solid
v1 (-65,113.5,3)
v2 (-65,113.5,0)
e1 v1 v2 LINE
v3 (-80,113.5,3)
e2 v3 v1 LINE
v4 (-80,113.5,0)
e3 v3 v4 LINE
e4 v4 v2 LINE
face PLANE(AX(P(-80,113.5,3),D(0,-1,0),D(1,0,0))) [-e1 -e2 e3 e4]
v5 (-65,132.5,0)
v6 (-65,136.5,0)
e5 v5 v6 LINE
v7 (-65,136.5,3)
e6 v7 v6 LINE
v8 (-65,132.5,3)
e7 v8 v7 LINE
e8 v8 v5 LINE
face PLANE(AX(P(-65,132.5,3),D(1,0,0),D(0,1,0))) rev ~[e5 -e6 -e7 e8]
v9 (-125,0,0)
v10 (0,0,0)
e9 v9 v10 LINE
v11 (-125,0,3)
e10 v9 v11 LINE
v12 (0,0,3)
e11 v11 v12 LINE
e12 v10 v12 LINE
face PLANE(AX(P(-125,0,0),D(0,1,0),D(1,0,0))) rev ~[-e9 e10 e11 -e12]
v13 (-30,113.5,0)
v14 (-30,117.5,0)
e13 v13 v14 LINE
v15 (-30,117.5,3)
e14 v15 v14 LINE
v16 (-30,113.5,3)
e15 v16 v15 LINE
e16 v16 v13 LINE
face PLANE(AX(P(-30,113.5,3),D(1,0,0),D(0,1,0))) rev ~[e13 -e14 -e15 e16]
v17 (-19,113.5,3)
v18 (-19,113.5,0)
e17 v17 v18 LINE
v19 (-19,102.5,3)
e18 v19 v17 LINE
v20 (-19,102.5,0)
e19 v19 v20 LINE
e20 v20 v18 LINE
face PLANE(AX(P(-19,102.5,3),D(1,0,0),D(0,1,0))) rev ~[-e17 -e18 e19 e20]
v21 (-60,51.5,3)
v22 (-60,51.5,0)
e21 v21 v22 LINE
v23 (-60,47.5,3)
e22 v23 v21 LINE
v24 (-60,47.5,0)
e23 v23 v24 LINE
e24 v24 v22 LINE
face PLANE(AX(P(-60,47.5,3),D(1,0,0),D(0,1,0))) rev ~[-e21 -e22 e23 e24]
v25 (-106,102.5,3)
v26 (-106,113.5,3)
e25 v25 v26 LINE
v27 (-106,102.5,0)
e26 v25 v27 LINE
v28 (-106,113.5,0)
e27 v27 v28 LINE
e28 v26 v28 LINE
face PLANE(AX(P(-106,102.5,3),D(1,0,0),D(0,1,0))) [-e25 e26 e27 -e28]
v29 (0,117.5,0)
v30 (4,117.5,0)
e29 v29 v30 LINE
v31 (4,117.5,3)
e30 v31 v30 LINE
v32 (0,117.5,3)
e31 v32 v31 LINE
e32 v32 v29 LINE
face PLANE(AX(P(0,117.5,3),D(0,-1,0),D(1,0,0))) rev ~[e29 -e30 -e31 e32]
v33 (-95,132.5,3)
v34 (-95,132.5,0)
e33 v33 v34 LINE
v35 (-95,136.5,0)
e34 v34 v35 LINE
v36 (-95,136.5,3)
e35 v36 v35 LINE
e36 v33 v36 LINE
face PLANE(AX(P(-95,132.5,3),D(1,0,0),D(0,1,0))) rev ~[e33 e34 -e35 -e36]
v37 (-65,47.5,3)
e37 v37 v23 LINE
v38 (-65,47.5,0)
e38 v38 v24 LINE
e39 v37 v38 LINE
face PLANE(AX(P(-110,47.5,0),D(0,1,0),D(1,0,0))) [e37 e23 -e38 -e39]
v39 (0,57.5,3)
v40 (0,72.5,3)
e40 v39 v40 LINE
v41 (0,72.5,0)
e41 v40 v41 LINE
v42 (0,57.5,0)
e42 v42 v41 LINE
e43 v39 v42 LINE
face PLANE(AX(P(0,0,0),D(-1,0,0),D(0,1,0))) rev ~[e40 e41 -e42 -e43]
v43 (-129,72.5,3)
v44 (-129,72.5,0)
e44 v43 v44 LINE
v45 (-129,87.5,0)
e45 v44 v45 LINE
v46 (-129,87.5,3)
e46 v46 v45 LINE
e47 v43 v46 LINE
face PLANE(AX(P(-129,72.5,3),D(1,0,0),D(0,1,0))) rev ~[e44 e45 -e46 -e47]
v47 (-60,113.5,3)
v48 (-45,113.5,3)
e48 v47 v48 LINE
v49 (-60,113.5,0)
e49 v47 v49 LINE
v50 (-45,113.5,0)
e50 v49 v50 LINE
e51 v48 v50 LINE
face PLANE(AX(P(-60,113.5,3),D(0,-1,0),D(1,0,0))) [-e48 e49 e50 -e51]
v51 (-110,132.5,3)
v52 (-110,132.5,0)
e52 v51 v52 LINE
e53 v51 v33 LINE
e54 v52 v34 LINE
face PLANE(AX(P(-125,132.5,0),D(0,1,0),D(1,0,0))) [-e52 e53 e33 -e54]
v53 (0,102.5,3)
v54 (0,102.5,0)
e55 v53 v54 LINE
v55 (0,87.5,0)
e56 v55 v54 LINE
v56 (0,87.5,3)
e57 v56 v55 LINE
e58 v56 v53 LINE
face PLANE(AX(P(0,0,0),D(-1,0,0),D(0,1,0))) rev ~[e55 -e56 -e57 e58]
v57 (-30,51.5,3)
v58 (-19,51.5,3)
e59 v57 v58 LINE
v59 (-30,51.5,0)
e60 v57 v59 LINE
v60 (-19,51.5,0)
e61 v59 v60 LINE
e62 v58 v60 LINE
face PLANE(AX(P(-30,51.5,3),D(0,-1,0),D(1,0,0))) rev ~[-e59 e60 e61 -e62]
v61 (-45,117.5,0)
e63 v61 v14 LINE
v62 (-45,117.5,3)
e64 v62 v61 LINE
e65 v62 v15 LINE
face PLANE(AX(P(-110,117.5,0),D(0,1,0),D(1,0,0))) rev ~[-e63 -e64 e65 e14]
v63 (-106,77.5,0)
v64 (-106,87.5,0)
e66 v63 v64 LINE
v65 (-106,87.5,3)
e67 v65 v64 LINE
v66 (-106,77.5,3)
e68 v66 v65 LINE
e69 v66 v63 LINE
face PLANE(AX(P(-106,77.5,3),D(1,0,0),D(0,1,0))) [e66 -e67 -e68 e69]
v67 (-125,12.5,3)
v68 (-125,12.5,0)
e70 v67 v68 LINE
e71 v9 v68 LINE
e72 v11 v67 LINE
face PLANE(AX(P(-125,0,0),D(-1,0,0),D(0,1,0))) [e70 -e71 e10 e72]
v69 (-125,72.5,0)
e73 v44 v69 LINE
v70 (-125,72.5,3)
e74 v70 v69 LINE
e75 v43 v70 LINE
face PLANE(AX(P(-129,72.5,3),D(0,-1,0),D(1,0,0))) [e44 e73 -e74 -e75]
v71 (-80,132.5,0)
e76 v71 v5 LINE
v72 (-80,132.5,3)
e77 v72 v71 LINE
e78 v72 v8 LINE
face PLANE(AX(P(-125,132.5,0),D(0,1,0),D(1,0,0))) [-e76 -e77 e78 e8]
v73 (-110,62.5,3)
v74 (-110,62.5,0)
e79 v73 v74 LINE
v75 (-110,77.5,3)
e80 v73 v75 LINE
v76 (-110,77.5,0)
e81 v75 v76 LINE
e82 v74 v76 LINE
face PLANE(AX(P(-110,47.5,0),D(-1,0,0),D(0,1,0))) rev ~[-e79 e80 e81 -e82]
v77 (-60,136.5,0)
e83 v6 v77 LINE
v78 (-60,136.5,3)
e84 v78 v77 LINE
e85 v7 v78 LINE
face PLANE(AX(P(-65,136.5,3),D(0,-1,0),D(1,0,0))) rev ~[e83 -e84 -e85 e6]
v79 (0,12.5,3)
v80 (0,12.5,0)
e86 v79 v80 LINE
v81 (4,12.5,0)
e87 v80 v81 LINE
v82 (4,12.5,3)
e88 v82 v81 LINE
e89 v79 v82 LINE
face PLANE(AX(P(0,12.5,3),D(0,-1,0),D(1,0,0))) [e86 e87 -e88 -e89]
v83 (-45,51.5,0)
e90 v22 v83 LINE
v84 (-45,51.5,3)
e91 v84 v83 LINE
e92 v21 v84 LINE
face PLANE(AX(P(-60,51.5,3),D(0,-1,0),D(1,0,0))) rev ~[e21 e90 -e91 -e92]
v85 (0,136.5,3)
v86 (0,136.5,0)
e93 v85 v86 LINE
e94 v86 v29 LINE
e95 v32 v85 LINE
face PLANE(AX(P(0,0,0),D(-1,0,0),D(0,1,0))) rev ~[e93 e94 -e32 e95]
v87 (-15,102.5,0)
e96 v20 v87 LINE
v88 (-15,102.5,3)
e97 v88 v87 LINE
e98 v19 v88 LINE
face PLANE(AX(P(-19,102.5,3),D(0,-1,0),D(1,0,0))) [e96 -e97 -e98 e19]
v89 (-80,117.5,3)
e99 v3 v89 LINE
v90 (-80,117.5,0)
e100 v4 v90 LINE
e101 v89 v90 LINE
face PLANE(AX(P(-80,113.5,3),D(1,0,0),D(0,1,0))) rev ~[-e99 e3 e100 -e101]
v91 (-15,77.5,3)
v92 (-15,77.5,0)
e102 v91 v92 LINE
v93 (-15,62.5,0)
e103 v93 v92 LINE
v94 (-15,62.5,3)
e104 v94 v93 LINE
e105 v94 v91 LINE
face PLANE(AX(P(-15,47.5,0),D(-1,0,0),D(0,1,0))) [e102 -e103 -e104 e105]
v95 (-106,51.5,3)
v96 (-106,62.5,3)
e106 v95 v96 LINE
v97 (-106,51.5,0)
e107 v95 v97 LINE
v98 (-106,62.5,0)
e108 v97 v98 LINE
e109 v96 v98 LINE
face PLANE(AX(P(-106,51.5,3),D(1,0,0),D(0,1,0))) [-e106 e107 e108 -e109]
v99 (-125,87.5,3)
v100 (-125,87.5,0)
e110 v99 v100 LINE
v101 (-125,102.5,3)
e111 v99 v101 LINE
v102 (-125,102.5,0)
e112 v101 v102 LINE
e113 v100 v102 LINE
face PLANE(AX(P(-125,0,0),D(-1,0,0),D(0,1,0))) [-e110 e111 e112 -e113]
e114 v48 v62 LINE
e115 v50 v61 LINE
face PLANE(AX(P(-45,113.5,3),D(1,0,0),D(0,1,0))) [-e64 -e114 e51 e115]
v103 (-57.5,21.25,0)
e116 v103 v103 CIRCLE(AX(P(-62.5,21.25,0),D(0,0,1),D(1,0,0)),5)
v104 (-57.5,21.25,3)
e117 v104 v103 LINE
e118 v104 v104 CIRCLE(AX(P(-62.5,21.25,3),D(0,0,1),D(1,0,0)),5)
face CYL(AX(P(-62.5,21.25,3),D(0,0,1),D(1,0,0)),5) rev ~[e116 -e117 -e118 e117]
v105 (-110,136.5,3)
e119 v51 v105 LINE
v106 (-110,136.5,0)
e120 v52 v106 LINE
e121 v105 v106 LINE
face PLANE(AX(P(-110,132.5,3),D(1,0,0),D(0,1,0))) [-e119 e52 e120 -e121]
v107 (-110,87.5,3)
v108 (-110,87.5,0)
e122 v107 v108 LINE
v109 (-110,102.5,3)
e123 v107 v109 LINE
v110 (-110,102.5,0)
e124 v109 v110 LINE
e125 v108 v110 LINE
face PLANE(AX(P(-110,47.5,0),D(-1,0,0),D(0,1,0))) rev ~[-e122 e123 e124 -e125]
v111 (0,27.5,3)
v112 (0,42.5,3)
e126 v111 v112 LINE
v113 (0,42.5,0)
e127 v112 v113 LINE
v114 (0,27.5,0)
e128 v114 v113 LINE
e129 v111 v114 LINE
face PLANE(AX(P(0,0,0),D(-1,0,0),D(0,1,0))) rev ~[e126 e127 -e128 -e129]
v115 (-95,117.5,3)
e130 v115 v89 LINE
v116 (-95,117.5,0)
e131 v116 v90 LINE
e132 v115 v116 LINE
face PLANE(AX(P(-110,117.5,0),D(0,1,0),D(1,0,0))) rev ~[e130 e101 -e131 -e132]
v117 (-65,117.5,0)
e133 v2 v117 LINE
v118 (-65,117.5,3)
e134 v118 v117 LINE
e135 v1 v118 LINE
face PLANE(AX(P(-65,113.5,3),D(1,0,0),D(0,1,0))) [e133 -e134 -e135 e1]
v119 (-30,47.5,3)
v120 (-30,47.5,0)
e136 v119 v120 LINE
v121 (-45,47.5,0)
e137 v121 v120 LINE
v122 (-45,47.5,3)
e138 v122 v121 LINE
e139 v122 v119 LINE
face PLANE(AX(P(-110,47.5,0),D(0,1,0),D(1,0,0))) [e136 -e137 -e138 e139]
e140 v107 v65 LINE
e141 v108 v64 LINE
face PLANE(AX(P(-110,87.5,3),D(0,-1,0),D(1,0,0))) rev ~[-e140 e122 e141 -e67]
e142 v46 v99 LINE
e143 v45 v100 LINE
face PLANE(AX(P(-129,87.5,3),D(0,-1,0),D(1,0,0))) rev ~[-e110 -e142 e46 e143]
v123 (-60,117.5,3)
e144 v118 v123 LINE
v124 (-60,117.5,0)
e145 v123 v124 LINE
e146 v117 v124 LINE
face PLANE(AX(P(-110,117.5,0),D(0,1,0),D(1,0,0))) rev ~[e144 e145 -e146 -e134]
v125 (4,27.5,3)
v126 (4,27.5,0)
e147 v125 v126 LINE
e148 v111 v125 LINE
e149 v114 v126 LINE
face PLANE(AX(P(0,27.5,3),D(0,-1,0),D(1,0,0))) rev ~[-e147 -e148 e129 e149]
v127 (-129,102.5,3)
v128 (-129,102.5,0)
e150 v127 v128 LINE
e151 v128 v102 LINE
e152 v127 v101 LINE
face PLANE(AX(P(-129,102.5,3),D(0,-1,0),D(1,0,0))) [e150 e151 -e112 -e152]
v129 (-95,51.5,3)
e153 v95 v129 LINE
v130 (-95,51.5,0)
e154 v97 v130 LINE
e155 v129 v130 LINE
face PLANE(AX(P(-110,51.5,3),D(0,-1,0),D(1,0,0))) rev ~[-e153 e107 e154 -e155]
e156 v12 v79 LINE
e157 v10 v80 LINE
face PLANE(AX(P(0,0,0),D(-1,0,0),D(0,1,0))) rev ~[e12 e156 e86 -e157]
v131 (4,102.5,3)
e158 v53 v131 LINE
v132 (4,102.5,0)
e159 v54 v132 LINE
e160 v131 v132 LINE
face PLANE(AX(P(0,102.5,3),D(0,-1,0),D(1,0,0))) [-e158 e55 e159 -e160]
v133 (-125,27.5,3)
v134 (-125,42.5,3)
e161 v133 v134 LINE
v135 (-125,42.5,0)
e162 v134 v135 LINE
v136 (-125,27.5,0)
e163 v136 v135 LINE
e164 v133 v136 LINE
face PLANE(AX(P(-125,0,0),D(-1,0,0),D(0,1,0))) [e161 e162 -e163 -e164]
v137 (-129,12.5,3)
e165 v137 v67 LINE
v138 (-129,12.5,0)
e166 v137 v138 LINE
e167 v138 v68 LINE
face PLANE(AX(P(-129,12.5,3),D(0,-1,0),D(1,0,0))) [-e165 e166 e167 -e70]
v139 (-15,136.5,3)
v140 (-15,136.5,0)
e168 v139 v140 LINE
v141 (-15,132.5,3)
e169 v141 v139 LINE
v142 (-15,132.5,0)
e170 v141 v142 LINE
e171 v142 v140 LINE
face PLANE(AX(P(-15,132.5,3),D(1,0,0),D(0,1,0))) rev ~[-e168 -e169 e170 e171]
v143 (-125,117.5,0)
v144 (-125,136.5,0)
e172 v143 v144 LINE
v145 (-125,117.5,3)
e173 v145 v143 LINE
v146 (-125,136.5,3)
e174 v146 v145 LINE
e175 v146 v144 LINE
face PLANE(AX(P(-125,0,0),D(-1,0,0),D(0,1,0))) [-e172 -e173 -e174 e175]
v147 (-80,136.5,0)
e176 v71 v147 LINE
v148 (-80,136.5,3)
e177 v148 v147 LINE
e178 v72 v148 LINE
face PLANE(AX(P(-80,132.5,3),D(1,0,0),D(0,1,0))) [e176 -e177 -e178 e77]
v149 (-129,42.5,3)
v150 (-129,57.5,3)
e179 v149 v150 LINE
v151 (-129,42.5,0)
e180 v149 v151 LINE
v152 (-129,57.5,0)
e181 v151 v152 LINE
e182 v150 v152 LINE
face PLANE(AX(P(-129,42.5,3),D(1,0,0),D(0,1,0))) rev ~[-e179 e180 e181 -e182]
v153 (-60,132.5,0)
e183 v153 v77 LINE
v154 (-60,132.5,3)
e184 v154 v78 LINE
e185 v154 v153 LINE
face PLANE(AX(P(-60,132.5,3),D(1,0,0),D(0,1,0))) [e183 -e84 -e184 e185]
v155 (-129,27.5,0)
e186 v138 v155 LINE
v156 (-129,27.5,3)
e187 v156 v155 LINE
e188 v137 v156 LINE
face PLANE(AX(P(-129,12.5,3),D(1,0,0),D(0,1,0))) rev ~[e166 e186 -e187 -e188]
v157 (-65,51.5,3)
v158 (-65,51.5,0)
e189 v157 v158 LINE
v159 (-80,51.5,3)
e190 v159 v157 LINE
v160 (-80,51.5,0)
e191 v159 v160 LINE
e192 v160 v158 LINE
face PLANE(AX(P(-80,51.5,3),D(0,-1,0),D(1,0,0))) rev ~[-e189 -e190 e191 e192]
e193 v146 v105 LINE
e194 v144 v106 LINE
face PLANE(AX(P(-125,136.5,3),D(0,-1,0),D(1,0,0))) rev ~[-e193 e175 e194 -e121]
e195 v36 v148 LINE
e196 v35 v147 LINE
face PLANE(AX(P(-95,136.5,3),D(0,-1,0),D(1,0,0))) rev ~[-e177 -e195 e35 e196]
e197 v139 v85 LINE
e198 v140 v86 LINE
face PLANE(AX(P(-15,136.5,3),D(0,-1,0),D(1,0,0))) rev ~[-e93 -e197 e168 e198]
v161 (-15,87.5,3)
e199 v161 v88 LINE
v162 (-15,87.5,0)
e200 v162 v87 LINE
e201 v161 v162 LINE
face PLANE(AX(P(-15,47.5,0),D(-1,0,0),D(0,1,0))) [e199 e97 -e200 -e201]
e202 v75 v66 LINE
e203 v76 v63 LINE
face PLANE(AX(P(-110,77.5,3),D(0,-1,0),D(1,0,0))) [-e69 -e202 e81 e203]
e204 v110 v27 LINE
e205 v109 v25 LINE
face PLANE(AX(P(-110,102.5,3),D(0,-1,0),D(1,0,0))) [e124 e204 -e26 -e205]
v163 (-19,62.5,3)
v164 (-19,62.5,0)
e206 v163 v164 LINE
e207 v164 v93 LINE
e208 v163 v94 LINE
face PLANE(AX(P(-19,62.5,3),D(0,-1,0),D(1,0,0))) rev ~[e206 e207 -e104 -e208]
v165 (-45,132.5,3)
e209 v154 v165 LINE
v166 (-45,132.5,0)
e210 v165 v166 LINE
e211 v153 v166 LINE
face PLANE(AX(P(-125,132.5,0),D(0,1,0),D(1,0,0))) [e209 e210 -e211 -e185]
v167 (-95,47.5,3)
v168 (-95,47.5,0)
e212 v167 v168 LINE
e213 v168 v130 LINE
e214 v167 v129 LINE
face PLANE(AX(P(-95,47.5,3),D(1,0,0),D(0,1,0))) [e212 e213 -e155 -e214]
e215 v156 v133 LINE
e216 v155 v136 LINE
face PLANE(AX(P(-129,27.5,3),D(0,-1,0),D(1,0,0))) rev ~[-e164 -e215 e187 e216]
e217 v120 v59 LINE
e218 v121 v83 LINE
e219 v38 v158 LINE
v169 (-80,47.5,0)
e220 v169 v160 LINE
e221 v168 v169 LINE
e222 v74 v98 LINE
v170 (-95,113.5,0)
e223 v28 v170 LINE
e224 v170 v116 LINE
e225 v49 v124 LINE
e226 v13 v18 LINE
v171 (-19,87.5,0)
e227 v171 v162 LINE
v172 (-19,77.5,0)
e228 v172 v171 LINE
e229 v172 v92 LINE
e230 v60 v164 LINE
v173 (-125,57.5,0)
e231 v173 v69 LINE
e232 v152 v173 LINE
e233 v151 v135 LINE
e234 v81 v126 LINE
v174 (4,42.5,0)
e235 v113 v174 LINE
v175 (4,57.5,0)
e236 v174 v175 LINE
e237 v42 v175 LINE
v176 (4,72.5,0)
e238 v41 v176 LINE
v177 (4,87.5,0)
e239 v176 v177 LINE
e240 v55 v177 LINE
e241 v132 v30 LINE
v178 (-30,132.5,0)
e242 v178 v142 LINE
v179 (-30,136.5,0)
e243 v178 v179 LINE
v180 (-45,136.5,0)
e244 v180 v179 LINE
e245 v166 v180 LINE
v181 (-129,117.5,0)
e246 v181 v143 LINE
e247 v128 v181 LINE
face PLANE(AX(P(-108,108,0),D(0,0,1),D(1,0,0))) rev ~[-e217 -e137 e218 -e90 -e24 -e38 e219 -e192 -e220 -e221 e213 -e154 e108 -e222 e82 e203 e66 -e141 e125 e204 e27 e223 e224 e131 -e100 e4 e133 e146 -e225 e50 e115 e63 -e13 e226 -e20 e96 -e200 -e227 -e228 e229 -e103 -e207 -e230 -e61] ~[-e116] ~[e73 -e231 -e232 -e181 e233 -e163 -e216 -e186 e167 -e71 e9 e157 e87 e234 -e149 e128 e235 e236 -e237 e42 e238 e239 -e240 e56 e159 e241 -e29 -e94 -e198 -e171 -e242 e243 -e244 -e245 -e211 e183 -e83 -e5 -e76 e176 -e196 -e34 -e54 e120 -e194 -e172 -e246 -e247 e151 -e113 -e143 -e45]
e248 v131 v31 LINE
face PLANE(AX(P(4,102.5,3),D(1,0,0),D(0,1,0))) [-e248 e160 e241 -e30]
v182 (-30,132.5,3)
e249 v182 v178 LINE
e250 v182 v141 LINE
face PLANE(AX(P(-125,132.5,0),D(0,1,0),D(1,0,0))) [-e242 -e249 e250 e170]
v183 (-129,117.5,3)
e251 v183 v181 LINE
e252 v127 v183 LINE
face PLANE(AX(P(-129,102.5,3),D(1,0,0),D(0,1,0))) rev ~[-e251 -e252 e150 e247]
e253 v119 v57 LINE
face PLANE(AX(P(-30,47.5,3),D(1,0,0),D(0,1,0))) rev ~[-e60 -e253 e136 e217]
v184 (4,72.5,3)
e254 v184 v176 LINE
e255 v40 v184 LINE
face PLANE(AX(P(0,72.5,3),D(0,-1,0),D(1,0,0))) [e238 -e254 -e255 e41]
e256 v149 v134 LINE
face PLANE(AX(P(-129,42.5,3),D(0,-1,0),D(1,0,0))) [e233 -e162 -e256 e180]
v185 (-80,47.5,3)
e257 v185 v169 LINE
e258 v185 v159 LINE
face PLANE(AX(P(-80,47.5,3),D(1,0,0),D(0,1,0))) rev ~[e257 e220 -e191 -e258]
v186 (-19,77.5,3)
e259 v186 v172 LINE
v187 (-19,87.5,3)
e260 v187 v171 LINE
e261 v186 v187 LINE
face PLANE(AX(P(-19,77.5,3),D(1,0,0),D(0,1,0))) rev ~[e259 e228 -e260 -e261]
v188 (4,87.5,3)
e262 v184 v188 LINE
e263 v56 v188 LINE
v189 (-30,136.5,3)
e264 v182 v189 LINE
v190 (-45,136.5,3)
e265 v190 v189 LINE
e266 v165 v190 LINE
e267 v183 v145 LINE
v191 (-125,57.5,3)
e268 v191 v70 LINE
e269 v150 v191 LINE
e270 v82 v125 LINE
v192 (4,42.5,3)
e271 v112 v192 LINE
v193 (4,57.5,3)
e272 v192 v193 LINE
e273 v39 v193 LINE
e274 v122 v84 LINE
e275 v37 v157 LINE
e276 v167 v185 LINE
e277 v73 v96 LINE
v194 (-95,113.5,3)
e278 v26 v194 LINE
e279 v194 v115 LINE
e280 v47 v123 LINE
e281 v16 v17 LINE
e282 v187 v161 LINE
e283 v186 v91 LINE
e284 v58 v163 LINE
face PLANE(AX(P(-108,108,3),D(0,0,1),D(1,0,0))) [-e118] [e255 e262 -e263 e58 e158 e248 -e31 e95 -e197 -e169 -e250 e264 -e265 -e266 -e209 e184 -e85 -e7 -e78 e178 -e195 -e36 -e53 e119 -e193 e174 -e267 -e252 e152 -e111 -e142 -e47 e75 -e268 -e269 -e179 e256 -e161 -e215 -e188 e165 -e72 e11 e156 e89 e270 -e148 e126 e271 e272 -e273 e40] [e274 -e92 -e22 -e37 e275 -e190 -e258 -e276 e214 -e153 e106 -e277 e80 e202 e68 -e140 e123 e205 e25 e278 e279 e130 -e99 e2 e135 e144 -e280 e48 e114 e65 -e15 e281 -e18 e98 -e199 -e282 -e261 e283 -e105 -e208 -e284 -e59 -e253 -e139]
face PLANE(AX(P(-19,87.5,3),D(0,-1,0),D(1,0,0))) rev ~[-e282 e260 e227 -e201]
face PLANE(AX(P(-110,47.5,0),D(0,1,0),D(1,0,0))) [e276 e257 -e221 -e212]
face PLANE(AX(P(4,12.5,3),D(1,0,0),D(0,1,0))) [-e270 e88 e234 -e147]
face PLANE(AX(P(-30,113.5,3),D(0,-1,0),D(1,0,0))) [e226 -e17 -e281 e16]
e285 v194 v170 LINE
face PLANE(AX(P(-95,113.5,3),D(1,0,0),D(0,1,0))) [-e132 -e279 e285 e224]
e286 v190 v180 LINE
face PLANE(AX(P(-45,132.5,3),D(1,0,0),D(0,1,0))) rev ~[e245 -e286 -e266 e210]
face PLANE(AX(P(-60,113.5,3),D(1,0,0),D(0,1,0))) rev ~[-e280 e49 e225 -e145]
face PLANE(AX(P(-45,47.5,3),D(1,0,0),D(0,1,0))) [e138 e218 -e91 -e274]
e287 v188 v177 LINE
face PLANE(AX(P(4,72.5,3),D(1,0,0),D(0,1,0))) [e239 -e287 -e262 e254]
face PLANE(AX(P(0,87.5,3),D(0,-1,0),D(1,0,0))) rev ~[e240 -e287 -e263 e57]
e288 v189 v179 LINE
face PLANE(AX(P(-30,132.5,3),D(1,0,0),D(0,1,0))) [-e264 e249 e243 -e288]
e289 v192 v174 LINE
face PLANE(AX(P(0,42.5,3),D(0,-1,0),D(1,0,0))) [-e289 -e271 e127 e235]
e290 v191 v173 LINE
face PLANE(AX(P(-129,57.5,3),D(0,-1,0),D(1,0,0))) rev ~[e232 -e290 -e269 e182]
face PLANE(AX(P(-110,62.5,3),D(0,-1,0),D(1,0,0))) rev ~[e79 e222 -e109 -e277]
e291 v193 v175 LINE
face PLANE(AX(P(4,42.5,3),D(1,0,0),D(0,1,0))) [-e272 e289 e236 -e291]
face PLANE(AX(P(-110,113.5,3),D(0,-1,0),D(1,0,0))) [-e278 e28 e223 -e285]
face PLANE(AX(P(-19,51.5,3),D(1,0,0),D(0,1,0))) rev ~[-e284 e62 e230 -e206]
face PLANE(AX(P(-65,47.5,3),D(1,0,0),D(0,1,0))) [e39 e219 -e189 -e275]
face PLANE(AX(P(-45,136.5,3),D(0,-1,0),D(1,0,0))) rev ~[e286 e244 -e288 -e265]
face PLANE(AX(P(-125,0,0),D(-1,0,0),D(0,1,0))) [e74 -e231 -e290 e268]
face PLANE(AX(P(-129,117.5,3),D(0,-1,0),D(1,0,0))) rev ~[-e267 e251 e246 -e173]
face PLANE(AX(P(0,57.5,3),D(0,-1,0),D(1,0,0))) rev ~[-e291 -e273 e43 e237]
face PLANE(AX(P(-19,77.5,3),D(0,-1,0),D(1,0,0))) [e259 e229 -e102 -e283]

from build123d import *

# Parameters (mm, degrees)
SKETCH1_W           = 125
SKETCH1_H           = 132.5
SKETCH1_W_2         = 95
SKETCH1_H_2         = 70
BOSS_EXTRUDE1_DEPTH = 3
SKETCH2_R           = 5
CUT_EXTRUDE1_DEPTH  = 10
SKETCH3_W           = 5
SKETCH3_H           = 4
SKETCH3_W_2         = 4
SKETCH3_H_2         = 15
SKETCH3_W_3         = 15
BOSS_EXTRUDE2_DEPTH = 3
SKETCH4_W           = 4
SKETCH4_H           = 10
SKETCH4_H_2         = 11
BOSS_EXTRUDE3_DEPTH = 3


with BuildPart() as part:
    # Sketch1 → Boss-Extrude1 (new body)
    with BuildSketch(Plane.XY):
        with Locations((-62.5, 66.25)):
            Rectangle(SKETCH1_W, SKETCH1_H)
        with Locations((-62.5, 82.5)):
            Rectangle(SKETCH1_W_2, SKETCH1_H_2, mode=Mode.SUBTRACT)
    extrude(amount=BOSS_EXTRUDE1_DEPTH)

    # Sketch2 → Cut-Extrude1 (cut)
    with BuildSketch(Plane.XY.offset(3)):
        with Locations((-62.5, 21.25)):
            Circle(SKETCH2_R)
    extrude(amount=-CUT_EXTRUDE1_DEPTH, mode=Mode.SUBTRACT)

    # Sketch3 → Boss-Extrude2 (add)
    with BuildSketch(Plane.XY.offset(3)):
        with Locations((-62.5, 134.5)):
            Rectangle(SKETCH3_W, SKETCH3_H)
        with Locations((2, 20)):
            Rectangle(SKETCH3_W_2, SKETCH3_H_2)
        with Locations((2, 110)):
            Rectangle(SKETCH3_W_2, SKETCH3_H_2)
        with Locations((2, 80)):
            Rectangle(SKETCH3_W_2, SKETCH3_H_2)
        with Locations((2, 50)):
            Rectangle(SKETCH3_W_2, SKETCH3_H_2)
        with Locations((-102.5, 115.5)):
            Rectangle(SKETCH3_W_3, SKETCH3_H)
        with Locations((-127, 80)):
            Rectangle(SKETCH3_W_2, SKETCH3_H_2)
        with Locations((-127, 110)):
            Rectangle(SKETCH3_W_2, SKETCH3_H_2)
        with Locations((-127, 50)):
            Rectangle(SKETCH3_W_2, SKETCH3_H_2)
        with Locations((-127, 20)):
            Rectangle(SKETCH3_W_2, SKETCH3_H_2)
        with Locations((-117.5, 134.5)):
            Rectangle(SKETCH3_W_3, SKETCH3_H)
        with Locations((-7.5, 134.5)):
            Rectangle(SKETCH3_W_3, SKETCH3_H)
        with Locations((-37.5, 134.5)):
            Rectangle(SKETCH3_W_3, SKETCH3_H)
        with Locations((-87.5, 134.5)):
            Rectangle(SKETCH3_W_3, SKETCH3_H)
        with Locations((-22.5, 115.5)):
            Rectangle(SKETCH3_W_3, SKETCH3_H)
        with Locations((-72.5, 115.5)):
            Rectangle(SKETCH3_W_3, SKETCH3_H)
        with Locations((-52.5, 115.5)):
            Rectangle(SKETCH3_W_3, SKETCH3_H)
        with Locations((-52.5, 49.5)):
            Rectangle(SKETCH3_W_3, SKETCH3_H)
        with Locations((-22.5, 49.5)):
            Rectangle(SKETCH3_W_3, SKETCH3_H)
        with Locations((-72.5, 49.5)):
            Rectangle(SKETCH3_W_3, SKETCH3_H)
        with Locations((-102.5, 49.5)):
            Rectangle(SKETCH3_W_3, SKETCH3_H)
    extrude(amount=-BOSS_EXTRUDE2_DEPTH)

    # Sketch4 → Boss-Extrude3 (add)
    with BuildSketch(Plane.XY.offset(3)):
        with Locations((-108, 82.5)):
            Rectangle(SKETCH4_W, SKETCH4_H)
        with Locations((-108, 108)):
            Rectangle(SKETCH4_W, SKETCH4_H_2)
        with Locations((-108, 57)):
            Rectangle(SKETCH4_W, SKETCH4_H_2)
        with Locations((-17, 57)):
            Rectangle(SKETCH4_W, SKETCH4_H_2)
        with Locations((-17, 82.5)):
            Rectangle(SKETCH4_W, SKETCH4_H)
        with Locations((-17, 108)):
            Rectangle(SKETCH4_W, SKETCH4_H_2)
    extrude(amount=-BOSS_EXTRUDE3_DEPTH)


solid = part.part
